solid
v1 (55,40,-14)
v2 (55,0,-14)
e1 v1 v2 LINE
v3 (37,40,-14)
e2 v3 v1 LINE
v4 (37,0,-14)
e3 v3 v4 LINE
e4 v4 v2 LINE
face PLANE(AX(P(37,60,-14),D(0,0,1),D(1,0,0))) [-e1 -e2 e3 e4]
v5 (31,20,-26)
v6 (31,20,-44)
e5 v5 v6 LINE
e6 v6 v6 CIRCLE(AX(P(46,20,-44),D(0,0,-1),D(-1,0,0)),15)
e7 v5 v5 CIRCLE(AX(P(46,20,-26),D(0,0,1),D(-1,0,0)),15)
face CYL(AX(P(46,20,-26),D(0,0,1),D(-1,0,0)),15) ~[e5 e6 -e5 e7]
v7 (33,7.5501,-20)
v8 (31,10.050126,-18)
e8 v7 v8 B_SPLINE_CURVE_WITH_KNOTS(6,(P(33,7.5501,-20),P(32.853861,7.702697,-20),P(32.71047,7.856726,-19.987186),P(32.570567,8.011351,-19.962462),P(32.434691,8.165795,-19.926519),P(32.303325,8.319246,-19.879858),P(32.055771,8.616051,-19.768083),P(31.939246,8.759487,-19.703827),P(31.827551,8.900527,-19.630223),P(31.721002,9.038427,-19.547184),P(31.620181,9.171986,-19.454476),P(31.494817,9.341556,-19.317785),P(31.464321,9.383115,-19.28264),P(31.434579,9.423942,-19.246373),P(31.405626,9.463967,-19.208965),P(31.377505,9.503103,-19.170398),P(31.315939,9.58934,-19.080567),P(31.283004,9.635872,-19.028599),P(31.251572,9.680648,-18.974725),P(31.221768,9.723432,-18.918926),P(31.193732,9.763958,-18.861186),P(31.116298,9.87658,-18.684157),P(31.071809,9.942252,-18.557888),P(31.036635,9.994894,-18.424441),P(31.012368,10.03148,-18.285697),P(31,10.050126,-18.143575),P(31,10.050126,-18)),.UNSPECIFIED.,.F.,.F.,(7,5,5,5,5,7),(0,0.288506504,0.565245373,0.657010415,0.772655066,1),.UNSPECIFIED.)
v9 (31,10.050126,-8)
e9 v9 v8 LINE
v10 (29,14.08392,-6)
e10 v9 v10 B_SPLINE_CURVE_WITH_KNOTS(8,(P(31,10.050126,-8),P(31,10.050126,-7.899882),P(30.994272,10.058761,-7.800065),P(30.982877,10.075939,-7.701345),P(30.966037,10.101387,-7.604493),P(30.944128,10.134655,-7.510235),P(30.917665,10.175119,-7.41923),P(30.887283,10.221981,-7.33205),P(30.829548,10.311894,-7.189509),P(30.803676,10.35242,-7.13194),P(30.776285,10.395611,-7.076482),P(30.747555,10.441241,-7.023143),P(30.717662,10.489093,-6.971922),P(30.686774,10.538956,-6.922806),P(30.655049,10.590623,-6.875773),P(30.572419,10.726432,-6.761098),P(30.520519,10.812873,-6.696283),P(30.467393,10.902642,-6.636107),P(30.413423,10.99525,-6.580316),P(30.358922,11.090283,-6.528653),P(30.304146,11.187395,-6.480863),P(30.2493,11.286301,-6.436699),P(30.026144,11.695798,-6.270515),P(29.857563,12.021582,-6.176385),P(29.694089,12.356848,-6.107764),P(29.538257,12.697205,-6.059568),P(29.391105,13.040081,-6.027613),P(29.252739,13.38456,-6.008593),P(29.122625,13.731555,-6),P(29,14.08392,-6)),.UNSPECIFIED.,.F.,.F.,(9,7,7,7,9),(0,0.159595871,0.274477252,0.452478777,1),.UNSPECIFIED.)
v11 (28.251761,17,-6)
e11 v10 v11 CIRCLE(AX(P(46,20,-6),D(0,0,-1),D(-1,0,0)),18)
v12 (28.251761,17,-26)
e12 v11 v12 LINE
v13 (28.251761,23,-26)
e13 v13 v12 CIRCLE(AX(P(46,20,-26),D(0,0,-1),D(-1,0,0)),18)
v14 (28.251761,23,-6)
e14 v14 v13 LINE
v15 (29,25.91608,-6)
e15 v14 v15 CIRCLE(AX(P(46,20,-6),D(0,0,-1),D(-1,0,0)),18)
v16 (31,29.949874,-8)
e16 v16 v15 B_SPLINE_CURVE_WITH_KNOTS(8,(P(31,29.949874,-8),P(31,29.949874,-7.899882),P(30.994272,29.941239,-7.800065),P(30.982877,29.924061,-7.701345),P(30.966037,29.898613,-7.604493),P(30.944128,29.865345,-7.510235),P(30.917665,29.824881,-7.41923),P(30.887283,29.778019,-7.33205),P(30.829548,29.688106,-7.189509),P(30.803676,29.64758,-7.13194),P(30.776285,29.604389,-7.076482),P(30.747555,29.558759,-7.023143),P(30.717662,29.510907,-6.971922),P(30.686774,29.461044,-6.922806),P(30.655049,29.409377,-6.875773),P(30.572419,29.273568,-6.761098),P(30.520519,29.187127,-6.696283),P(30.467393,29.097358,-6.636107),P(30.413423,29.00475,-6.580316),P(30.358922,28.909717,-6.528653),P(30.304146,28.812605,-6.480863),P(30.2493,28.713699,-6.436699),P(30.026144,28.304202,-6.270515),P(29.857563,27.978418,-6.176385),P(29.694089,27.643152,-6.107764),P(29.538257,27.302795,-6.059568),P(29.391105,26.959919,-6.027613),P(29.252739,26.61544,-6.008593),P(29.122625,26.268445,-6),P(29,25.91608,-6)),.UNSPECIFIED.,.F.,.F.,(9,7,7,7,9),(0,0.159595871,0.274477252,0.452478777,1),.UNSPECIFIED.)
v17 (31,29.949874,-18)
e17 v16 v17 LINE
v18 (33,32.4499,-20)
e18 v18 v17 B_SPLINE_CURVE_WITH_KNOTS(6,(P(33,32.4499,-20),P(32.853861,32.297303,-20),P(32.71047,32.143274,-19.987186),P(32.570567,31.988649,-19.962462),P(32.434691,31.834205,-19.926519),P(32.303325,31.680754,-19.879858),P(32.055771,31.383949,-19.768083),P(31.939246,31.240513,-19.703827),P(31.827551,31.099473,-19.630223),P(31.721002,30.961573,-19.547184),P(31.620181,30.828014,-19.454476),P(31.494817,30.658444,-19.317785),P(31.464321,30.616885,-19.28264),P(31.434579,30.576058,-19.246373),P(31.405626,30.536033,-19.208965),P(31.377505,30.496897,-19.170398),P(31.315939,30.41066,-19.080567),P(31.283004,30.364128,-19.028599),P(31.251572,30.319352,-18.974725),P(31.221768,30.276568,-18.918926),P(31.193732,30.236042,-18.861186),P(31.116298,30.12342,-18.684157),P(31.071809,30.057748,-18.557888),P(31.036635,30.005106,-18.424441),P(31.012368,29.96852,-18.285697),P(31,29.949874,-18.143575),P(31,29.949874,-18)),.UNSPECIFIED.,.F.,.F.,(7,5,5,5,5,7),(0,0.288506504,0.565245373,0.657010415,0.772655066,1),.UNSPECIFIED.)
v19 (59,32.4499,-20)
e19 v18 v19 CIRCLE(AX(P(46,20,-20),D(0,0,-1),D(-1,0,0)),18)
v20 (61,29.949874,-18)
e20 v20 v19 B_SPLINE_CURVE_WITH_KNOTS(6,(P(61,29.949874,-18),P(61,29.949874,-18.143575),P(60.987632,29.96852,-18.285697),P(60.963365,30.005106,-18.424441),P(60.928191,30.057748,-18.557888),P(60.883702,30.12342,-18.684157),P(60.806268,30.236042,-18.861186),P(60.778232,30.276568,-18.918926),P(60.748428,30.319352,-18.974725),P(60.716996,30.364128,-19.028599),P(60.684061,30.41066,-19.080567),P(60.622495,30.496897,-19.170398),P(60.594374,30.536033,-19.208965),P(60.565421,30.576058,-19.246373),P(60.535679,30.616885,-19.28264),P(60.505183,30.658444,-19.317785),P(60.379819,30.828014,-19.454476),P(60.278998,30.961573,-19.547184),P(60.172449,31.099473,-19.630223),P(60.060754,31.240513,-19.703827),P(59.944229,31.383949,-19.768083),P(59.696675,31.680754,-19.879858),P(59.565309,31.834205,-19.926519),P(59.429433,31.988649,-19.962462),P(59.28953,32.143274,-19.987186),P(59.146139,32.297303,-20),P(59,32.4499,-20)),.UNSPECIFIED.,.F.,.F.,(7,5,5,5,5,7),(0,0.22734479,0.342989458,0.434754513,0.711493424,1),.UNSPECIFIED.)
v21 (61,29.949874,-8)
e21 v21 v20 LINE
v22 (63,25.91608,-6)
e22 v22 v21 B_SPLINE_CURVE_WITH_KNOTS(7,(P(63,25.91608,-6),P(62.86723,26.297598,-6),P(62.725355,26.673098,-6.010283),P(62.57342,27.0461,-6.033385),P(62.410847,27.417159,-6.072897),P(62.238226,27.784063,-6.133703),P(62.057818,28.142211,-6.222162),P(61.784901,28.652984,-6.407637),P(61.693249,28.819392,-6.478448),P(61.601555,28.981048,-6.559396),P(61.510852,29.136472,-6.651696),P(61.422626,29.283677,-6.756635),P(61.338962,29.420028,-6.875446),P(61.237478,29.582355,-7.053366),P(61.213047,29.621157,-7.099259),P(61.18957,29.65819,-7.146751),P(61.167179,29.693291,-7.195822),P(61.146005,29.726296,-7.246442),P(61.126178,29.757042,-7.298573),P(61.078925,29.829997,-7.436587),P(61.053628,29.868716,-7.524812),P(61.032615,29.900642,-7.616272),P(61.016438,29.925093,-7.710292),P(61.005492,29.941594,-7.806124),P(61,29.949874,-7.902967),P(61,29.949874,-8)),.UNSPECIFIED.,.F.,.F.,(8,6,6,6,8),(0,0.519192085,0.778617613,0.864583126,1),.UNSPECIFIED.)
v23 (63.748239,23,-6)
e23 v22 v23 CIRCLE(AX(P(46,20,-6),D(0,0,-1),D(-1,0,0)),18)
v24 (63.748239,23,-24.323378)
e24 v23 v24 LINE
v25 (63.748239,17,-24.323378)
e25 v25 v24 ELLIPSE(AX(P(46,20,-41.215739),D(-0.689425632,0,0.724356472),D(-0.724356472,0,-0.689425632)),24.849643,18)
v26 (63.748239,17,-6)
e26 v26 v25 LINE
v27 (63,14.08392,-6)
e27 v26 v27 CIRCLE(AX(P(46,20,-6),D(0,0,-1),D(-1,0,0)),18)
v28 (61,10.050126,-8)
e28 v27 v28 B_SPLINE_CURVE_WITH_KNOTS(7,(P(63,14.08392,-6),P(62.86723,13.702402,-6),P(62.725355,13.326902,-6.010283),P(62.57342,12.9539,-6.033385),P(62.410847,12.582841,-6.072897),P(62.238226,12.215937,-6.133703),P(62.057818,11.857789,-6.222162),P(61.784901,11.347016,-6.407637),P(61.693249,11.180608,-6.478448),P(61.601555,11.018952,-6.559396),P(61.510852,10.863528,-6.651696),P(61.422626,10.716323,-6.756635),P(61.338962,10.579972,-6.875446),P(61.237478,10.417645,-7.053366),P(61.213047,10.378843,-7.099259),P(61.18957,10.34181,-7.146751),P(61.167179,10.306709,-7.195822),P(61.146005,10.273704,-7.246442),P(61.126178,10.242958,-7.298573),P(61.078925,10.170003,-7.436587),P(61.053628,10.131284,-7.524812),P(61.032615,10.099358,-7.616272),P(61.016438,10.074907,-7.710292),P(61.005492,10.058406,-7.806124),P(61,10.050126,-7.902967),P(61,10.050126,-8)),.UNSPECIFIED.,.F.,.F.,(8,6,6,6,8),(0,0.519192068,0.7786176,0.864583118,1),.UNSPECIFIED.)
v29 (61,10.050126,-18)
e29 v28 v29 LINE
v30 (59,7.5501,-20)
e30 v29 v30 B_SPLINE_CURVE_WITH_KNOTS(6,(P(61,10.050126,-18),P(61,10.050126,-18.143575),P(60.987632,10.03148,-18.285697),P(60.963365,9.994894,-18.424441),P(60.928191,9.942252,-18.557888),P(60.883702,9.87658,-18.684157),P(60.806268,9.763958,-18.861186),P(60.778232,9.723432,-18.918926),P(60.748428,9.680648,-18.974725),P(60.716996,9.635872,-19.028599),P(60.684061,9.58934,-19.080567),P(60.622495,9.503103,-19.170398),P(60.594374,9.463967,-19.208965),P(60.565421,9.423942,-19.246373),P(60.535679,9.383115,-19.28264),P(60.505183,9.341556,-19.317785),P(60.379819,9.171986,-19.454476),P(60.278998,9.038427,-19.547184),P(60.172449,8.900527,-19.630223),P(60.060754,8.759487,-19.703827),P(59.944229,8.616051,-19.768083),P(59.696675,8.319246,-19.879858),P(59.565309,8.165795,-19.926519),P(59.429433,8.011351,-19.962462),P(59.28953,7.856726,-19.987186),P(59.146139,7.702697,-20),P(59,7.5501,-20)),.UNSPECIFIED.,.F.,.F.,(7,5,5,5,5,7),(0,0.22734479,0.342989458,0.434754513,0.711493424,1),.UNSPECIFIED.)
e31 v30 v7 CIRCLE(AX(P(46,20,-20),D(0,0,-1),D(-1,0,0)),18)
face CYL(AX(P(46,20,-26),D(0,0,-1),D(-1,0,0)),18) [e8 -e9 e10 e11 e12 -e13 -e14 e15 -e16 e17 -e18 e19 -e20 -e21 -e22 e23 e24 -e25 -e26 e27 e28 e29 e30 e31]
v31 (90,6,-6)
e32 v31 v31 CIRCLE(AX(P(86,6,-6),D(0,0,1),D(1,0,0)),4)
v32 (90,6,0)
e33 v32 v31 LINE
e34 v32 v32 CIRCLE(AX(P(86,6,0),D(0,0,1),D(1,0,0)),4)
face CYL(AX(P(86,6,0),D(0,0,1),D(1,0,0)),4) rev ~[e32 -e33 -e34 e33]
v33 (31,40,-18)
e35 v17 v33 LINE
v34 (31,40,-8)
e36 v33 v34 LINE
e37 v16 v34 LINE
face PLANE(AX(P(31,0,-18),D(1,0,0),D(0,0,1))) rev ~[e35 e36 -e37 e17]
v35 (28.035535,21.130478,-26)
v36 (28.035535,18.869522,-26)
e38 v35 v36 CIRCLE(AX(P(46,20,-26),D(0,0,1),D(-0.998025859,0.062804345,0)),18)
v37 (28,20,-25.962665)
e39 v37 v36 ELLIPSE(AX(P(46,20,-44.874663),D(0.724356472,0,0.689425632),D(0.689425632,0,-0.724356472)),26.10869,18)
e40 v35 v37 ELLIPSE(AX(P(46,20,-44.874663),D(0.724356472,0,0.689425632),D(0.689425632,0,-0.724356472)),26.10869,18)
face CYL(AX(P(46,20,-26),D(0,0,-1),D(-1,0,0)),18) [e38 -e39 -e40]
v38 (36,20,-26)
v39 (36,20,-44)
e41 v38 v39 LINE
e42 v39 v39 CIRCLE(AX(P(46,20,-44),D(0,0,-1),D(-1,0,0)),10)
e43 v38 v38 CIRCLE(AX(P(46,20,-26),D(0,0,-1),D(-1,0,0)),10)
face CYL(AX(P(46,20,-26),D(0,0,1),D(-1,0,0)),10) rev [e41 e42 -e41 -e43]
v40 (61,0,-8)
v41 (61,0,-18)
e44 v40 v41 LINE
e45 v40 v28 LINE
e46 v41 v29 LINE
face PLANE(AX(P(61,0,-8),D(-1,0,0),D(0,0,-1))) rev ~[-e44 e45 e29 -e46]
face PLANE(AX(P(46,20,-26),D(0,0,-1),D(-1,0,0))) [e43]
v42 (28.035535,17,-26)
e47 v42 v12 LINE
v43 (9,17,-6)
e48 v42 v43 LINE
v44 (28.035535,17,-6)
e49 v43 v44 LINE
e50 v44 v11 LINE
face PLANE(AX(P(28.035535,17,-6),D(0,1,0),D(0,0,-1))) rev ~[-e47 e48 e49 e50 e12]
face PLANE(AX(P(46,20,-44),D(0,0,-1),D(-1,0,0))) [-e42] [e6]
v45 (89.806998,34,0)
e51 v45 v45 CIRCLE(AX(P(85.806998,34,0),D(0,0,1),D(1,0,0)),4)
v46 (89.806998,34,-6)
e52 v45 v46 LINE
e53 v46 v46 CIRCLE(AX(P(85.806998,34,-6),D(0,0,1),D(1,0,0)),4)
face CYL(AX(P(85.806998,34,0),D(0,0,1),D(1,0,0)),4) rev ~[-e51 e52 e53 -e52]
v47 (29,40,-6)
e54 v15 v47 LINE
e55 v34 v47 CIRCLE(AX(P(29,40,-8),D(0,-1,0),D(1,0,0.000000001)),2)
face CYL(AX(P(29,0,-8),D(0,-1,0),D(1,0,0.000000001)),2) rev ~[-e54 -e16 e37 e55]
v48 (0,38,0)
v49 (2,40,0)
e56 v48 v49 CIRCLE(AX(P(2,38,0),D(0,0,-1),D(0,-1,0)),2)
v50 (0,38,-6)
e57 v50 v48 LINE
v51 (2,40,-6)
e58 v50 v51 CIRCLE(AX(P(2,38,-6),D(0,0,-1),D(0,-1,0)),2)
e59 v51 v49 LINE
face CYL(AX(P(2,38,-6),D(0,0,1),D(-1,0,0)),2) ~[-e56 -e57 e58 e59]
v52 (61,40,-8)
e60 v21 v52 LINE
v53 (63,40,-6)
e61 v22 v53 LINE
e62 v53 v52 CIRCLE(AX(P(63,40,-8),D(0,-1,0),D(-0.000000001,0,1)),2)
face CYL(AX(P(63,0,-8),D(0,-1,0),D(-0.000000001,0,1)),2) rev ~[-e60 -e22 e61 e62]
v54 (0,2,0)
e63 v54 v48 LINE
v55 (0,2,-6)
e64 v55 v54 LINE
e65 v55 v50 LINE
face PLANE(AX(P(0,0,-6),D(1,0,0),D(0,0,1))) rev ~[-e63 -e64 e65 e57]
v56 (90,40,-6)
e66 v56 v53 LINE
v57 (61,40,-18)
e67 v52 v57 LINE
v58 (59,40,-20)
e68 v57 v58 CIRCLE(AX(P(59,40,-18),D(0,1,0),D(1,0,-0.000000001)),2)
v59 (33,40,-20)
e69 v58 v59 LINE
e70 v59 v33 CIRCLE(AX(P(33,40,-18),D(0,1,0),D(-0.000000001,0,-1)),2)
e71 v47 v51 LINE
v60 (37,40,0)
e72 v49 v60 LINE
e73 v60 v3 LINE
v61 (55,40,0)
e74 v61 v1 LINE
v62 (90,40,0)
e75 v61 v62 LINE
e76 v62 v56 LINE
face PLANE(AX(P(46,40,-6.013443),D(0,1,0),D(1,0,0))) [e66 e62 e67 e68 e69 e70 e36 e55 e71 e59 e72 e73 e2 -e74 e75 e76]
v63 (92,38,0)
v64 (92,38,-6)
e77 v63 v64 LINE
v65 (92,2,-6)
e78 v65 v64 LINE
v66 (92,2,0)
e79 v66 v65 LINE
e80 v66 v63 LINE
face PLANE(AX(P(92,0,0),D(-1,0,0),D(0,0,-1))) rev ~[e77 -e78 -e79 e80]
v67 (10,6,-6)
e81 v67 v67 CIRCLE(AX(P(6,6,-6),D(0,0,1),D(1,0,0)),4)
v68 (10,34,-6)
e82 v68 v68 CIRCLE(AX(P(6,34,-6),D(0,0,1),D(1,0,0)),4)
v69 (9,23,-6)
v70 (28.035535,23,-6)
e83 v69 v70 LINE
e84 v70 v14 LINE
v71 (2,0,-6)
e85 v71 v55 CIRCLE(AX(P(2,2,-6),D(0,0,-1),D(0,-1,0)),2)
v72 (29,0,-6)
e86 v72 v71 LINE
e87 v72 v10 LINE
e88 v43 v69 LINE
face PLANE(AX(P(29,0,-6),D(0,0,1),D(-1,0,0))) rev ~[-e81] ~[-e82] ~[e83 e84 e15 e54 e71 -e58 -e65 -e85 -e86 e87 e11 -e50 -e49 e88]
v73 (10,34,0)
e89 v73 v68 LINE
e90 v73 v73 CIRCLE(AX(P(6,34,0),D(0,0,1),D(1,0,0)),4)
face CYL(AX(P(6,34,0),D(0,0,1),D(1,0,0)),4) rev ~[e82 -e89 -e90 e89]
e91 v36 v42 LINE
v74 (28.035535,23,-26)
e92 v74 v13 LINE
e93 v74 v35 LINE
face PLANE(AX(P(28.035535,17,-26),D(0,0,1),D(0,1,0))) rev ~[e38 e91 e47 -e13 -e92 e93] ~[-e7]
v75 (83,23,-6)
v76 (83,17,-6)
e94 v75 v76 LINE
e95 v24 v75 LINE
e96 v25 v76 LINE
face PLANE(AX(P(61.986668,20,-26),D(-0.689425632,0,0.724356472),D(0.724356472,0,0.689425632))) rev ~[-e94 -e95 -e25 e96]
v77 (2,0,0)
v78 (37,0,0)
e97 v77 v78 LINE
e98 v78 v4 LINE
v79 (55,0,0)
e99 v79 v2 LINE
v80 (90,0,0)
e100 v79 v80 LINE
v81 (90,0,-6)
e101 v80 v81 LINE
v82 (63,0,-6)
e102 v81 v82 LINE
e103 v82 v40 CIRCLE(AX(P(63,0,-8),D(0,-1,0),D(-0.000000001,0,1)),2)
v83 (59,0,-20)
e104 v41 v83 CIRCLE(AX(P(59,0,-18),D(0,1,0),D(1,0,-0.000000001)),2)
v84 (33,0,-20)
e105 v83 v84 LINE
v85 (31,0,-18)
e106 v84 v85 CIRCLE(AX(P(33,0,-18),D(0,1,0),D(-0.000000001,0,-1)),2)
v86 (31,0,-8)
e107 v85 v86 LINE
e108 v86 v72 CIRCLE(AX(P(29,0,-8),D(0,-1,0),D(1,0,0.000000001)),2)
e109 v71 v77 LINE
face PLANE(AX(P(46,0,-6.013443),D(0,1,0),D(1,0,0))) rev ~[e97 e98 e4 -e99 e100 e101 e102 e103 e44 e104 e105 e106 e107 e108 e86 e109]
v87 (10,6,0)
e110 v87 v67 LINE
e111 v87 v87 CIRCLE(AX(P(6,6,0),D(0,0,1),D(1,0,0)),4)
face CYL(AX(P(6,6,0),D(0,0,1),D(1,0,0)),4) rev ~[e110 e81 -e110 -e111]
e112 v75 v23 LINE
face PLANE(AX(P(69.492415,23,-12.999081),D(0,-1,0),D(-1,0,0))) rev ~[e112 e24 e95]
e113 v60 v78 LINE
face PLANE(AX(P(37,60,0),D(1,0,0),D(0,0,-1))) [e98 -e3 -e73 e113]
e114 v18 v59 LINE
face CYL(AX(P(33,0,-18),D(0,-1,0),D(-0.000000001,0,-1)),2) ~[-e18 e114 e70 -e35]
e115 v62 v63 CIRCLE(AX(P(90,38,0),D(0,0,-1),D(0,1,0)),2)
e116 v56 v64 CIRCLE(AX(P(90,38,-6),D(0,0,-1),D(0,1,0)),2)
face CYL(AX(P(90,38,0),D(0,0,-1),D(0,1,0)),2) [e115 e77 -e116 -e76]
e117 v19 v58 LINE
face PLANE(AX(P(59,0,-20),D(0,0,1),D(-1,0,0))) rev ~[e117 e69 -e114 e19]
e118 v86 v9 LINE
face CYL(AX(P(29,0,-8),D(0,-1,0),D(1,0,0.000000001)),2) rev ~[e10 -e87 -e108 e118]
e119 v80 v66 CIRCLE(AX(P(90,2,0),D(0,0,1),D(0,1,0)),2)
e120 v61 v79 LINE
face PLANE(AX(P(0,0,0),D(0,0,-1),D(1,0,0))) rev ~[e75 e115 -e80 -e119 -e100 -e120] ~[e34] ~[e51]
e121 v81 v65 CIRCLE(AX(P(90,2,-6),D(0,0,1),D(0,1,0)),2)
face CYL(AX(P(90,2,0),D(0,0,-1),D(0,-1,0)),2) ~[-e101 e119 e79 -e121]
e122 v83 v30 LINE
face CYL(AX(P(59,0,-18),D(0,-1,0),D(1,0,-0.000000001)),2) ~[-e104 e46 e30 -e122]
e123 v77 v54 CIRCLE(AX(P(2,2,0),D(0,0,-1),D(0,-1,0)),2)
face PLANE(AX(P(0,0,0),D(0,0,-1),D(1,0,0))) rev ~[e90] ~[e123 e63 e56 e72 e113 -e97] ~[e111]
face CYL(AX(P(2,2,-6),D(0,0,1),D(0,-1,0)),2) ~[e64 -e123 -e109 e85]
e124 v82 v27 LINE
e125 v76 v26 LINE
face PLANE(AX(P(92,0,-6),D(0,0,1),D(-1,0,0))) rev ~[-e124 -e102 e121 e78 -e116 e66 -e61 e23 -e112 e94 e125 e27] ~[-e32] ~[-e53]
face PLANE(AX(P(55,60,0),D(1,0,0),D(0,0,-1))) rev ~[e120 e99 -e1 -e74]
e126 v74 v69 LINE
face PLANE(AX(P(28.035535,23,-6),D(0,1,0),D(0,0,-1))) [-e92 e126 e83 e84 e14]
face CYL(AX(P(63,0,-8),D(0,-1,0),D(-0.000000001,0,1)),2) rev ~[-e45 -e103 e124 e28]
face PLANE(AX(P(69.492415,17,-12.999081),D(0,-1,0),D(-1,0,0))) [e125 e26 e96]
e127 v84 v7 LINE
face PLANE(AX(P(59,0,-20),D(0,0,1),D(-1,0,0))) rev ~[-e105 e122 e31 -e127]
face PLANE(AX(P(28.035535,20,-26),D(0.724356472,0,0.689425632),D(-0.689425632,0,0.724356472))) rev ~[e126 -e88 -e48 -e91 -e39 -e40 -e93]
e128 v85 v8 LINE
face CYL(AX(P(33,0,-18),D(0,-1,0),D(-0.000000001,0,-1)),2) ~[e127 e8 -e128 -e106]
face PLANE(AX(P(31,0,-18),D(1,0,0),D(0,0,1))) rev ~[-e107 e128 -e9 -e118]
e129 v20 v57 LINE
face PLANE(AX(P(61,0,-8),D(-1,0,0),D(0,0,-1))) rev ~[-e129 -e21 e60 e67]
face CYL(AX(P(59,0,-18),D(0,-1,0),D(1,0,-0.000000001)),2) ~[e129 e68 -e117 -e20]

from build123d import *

# Parameters (mm, degrees)
BOSS_EXTRUDE1_DEPTH = 40
BOSS_EXTRUDE2_REACH = 105.634
SKETCH2_R           = 18
SKETCH3_R           = 15
SKETCH3_R_2         = 10
BOSS_EXTRUDE3_DEPTH = 18
BOSS_EXTRUDE5_DEPTH = 3
SKETCH5_W           = 20
SKETCH5_H           = 1.869521783
BOSS_EXTRUDE6_DEPTH = 6
SKETCH6_W           = 20
SKETCH6_H           = 1.869521783
BOSS_EXTRUDE7_DEPTH = 6
SKETCH8_W           = 18
SKETCH8_H           = 14
CUT_EXTRUDE1_DEPTH  = 119.321595713
FILLET1_R           = 2
SKETCH9_R           = 4
CUT_EXTRUDE2_DEPTH  = 6


with BuildPart() as part:
    # Sketch1 → Boss-Extrude1 (new body)
    with BuildSketch(Plane(origin=(0, 0, 0), x_dir=(1, 0, 0), z_dir=(0, 1, 0))):
        with BuildLine():
            Line((0, 0), (92, 0))
            Line((92, 0), (92, 6))
            Line((92, 6), (63, 6))
            ThreePointArc((63, 6), (61.585786438, 6.585786438), (61, 8))
            Line((61, 8), (61, 18))
            ThreePointArc((61, 18), (60.414213562, 19.414213562), (59, 20))
            Line((59, 20), (33, 20))
            ThreePointArc((33, 20), (31.585786438, 19.414213562), (31, 18))
            Line((31, 18), (31, 8))
            ThreePointArc((31, 8), (30.414213562, 6.585786438), (29, 6))
            Line((29, 6), (0, 6))
            Line((0, 6), (0, 0))
        make_face()
    extrude(amount=BOSS_EXTRUDE1_DEPTH)

    # Boss-Extrude2: up to this face of the body (flat: up to its plane)
    boss_extrude2_end = Plane(part.part.faces().sort_by_distance((14.5, 20, -6))[0])
    # Sketch2 → Boss-Extrude2 (add, up to the picked face)
    with BuildSketch(Plane(origin=(0, 0, -26), x_dir=(-1, 0, 0), z_dir=(0, 0, -1)), mode=Mode.PRIVATE) as boss_extrude2_sk1:
        with Locations((-46, 20)):
            Circle(SKETCH2_R)
    boss_extrude2_tool1 = split(extrude(boss_extrude2_sk1.sketch, amount=-BOSS_EXTRUDE2_REACH, mode=Mode.PRIVATE), bisect_by=boss_extrude2_end, keep=Keep.BOTH, mode=Mode.PRIVATE)
    add(boss_extrude2_tool1.solids().sort_by(Axis((46, 20, -26), (0, 0, 1)))[0])

    # Sketch3 → Boss-Extrude3 (add)
    with BuildSketch(Plane(origin=(0, 0, -26), x_dir=(-1, 0, 0), z_dir=(0, 0, -1))):
        with Locations((-46, 20)):
            Circle(SKETCH3_R)
        with Locations((-46, 20)):
            Circle(SKETCH3_R_2, mode=Mode.SUBTRACT)
    extrude(amount=BOSS_EXTRUDE3_DEPTH)

    # Sketch4 → Boss-Extrude5 (add, symmetric)
    with BuildSketch(Plane(origin=(0, 20, 0), x_dir=(-1, 0, 0), z_dir=(0, -1, 0))):
        Polygon((-61.98666838, 26), (-83, 6), (-61.98666838, 6), align=None)
        Polygon((-28.035534547, 26), (-9, 6), (-28.035534547, 6), align=None)
    extrude(amount=BOSS_EXTRUDE5_DEPTH, both=True)

    # Sketch5 → Boss-Extrude6 (add)
    with BuildSketch(Plane(origin=(28.035534547, 0, 0), x_dir=(0, 0, -1), z_dir=(1, 0, 0))):
        with Locations((16, 17.934760891)):
            Rectangle(SKETCH5_W, SKETCH5_H)
    extrude(amount=BOSS_EXTRUDE6_DEPTH)

    # Sketch6 → Boss-Extrude7 (add)
    with BuildSketch(Plane(origin=(28.035534547, 0, 0), x_dir=(0, 0, -1), z_dir=(1, 0, 0))):
        with Locations((16, 22.065239109)):
            Rectangle(SKETCH6_W, SKETCH6_H)
    extrude(amount=BOSS_EXTRUDE7_DEPTH)

    # Sketch8 → Cut-Extrude1 (cut, through all)
    with BuildSketch(Plane(origin=(0, 60, 0), x_dir=(1, 0, 0), z_dir=(0, 1, 0))):
        with Locations((46, 7)):
            Rectangle(SKETCH8_W, SKETCH8_H)
    extrude(amount=-CUT_EXTRUDE1_DEPTH, mode=Mode.SUBTRACT)

    # Fillet1
    fillet1_edges = [part.edges().sort_by_distance(p)[0] for p in [
        (92, 40, -3),
        (92, 0, -3),
        (0, 0, -3),
        (0, 40, -3),
    ]]
    fillet(fillet1_edges, radius=FILLET1_R)

    # Sketch9 → Cut-Extrude2 (cut)
    with BuildSketch(Plane.XY):
        with Locations((86, 6)):
            Circle(SKETCH9_R)
        with Locations((85.806998085, 34)):
            Circle(SKETCH9_R)
        with Locations((6, 34)):
            Circle(SKETCH9_R)
        with Locations((6, 6)):
            Circle(SKETCH9_R)
    extrude(amount=-CUT_EXTRUDE2_DEPTH, mode=Mode.SUBTRACT)


solid = part.part
